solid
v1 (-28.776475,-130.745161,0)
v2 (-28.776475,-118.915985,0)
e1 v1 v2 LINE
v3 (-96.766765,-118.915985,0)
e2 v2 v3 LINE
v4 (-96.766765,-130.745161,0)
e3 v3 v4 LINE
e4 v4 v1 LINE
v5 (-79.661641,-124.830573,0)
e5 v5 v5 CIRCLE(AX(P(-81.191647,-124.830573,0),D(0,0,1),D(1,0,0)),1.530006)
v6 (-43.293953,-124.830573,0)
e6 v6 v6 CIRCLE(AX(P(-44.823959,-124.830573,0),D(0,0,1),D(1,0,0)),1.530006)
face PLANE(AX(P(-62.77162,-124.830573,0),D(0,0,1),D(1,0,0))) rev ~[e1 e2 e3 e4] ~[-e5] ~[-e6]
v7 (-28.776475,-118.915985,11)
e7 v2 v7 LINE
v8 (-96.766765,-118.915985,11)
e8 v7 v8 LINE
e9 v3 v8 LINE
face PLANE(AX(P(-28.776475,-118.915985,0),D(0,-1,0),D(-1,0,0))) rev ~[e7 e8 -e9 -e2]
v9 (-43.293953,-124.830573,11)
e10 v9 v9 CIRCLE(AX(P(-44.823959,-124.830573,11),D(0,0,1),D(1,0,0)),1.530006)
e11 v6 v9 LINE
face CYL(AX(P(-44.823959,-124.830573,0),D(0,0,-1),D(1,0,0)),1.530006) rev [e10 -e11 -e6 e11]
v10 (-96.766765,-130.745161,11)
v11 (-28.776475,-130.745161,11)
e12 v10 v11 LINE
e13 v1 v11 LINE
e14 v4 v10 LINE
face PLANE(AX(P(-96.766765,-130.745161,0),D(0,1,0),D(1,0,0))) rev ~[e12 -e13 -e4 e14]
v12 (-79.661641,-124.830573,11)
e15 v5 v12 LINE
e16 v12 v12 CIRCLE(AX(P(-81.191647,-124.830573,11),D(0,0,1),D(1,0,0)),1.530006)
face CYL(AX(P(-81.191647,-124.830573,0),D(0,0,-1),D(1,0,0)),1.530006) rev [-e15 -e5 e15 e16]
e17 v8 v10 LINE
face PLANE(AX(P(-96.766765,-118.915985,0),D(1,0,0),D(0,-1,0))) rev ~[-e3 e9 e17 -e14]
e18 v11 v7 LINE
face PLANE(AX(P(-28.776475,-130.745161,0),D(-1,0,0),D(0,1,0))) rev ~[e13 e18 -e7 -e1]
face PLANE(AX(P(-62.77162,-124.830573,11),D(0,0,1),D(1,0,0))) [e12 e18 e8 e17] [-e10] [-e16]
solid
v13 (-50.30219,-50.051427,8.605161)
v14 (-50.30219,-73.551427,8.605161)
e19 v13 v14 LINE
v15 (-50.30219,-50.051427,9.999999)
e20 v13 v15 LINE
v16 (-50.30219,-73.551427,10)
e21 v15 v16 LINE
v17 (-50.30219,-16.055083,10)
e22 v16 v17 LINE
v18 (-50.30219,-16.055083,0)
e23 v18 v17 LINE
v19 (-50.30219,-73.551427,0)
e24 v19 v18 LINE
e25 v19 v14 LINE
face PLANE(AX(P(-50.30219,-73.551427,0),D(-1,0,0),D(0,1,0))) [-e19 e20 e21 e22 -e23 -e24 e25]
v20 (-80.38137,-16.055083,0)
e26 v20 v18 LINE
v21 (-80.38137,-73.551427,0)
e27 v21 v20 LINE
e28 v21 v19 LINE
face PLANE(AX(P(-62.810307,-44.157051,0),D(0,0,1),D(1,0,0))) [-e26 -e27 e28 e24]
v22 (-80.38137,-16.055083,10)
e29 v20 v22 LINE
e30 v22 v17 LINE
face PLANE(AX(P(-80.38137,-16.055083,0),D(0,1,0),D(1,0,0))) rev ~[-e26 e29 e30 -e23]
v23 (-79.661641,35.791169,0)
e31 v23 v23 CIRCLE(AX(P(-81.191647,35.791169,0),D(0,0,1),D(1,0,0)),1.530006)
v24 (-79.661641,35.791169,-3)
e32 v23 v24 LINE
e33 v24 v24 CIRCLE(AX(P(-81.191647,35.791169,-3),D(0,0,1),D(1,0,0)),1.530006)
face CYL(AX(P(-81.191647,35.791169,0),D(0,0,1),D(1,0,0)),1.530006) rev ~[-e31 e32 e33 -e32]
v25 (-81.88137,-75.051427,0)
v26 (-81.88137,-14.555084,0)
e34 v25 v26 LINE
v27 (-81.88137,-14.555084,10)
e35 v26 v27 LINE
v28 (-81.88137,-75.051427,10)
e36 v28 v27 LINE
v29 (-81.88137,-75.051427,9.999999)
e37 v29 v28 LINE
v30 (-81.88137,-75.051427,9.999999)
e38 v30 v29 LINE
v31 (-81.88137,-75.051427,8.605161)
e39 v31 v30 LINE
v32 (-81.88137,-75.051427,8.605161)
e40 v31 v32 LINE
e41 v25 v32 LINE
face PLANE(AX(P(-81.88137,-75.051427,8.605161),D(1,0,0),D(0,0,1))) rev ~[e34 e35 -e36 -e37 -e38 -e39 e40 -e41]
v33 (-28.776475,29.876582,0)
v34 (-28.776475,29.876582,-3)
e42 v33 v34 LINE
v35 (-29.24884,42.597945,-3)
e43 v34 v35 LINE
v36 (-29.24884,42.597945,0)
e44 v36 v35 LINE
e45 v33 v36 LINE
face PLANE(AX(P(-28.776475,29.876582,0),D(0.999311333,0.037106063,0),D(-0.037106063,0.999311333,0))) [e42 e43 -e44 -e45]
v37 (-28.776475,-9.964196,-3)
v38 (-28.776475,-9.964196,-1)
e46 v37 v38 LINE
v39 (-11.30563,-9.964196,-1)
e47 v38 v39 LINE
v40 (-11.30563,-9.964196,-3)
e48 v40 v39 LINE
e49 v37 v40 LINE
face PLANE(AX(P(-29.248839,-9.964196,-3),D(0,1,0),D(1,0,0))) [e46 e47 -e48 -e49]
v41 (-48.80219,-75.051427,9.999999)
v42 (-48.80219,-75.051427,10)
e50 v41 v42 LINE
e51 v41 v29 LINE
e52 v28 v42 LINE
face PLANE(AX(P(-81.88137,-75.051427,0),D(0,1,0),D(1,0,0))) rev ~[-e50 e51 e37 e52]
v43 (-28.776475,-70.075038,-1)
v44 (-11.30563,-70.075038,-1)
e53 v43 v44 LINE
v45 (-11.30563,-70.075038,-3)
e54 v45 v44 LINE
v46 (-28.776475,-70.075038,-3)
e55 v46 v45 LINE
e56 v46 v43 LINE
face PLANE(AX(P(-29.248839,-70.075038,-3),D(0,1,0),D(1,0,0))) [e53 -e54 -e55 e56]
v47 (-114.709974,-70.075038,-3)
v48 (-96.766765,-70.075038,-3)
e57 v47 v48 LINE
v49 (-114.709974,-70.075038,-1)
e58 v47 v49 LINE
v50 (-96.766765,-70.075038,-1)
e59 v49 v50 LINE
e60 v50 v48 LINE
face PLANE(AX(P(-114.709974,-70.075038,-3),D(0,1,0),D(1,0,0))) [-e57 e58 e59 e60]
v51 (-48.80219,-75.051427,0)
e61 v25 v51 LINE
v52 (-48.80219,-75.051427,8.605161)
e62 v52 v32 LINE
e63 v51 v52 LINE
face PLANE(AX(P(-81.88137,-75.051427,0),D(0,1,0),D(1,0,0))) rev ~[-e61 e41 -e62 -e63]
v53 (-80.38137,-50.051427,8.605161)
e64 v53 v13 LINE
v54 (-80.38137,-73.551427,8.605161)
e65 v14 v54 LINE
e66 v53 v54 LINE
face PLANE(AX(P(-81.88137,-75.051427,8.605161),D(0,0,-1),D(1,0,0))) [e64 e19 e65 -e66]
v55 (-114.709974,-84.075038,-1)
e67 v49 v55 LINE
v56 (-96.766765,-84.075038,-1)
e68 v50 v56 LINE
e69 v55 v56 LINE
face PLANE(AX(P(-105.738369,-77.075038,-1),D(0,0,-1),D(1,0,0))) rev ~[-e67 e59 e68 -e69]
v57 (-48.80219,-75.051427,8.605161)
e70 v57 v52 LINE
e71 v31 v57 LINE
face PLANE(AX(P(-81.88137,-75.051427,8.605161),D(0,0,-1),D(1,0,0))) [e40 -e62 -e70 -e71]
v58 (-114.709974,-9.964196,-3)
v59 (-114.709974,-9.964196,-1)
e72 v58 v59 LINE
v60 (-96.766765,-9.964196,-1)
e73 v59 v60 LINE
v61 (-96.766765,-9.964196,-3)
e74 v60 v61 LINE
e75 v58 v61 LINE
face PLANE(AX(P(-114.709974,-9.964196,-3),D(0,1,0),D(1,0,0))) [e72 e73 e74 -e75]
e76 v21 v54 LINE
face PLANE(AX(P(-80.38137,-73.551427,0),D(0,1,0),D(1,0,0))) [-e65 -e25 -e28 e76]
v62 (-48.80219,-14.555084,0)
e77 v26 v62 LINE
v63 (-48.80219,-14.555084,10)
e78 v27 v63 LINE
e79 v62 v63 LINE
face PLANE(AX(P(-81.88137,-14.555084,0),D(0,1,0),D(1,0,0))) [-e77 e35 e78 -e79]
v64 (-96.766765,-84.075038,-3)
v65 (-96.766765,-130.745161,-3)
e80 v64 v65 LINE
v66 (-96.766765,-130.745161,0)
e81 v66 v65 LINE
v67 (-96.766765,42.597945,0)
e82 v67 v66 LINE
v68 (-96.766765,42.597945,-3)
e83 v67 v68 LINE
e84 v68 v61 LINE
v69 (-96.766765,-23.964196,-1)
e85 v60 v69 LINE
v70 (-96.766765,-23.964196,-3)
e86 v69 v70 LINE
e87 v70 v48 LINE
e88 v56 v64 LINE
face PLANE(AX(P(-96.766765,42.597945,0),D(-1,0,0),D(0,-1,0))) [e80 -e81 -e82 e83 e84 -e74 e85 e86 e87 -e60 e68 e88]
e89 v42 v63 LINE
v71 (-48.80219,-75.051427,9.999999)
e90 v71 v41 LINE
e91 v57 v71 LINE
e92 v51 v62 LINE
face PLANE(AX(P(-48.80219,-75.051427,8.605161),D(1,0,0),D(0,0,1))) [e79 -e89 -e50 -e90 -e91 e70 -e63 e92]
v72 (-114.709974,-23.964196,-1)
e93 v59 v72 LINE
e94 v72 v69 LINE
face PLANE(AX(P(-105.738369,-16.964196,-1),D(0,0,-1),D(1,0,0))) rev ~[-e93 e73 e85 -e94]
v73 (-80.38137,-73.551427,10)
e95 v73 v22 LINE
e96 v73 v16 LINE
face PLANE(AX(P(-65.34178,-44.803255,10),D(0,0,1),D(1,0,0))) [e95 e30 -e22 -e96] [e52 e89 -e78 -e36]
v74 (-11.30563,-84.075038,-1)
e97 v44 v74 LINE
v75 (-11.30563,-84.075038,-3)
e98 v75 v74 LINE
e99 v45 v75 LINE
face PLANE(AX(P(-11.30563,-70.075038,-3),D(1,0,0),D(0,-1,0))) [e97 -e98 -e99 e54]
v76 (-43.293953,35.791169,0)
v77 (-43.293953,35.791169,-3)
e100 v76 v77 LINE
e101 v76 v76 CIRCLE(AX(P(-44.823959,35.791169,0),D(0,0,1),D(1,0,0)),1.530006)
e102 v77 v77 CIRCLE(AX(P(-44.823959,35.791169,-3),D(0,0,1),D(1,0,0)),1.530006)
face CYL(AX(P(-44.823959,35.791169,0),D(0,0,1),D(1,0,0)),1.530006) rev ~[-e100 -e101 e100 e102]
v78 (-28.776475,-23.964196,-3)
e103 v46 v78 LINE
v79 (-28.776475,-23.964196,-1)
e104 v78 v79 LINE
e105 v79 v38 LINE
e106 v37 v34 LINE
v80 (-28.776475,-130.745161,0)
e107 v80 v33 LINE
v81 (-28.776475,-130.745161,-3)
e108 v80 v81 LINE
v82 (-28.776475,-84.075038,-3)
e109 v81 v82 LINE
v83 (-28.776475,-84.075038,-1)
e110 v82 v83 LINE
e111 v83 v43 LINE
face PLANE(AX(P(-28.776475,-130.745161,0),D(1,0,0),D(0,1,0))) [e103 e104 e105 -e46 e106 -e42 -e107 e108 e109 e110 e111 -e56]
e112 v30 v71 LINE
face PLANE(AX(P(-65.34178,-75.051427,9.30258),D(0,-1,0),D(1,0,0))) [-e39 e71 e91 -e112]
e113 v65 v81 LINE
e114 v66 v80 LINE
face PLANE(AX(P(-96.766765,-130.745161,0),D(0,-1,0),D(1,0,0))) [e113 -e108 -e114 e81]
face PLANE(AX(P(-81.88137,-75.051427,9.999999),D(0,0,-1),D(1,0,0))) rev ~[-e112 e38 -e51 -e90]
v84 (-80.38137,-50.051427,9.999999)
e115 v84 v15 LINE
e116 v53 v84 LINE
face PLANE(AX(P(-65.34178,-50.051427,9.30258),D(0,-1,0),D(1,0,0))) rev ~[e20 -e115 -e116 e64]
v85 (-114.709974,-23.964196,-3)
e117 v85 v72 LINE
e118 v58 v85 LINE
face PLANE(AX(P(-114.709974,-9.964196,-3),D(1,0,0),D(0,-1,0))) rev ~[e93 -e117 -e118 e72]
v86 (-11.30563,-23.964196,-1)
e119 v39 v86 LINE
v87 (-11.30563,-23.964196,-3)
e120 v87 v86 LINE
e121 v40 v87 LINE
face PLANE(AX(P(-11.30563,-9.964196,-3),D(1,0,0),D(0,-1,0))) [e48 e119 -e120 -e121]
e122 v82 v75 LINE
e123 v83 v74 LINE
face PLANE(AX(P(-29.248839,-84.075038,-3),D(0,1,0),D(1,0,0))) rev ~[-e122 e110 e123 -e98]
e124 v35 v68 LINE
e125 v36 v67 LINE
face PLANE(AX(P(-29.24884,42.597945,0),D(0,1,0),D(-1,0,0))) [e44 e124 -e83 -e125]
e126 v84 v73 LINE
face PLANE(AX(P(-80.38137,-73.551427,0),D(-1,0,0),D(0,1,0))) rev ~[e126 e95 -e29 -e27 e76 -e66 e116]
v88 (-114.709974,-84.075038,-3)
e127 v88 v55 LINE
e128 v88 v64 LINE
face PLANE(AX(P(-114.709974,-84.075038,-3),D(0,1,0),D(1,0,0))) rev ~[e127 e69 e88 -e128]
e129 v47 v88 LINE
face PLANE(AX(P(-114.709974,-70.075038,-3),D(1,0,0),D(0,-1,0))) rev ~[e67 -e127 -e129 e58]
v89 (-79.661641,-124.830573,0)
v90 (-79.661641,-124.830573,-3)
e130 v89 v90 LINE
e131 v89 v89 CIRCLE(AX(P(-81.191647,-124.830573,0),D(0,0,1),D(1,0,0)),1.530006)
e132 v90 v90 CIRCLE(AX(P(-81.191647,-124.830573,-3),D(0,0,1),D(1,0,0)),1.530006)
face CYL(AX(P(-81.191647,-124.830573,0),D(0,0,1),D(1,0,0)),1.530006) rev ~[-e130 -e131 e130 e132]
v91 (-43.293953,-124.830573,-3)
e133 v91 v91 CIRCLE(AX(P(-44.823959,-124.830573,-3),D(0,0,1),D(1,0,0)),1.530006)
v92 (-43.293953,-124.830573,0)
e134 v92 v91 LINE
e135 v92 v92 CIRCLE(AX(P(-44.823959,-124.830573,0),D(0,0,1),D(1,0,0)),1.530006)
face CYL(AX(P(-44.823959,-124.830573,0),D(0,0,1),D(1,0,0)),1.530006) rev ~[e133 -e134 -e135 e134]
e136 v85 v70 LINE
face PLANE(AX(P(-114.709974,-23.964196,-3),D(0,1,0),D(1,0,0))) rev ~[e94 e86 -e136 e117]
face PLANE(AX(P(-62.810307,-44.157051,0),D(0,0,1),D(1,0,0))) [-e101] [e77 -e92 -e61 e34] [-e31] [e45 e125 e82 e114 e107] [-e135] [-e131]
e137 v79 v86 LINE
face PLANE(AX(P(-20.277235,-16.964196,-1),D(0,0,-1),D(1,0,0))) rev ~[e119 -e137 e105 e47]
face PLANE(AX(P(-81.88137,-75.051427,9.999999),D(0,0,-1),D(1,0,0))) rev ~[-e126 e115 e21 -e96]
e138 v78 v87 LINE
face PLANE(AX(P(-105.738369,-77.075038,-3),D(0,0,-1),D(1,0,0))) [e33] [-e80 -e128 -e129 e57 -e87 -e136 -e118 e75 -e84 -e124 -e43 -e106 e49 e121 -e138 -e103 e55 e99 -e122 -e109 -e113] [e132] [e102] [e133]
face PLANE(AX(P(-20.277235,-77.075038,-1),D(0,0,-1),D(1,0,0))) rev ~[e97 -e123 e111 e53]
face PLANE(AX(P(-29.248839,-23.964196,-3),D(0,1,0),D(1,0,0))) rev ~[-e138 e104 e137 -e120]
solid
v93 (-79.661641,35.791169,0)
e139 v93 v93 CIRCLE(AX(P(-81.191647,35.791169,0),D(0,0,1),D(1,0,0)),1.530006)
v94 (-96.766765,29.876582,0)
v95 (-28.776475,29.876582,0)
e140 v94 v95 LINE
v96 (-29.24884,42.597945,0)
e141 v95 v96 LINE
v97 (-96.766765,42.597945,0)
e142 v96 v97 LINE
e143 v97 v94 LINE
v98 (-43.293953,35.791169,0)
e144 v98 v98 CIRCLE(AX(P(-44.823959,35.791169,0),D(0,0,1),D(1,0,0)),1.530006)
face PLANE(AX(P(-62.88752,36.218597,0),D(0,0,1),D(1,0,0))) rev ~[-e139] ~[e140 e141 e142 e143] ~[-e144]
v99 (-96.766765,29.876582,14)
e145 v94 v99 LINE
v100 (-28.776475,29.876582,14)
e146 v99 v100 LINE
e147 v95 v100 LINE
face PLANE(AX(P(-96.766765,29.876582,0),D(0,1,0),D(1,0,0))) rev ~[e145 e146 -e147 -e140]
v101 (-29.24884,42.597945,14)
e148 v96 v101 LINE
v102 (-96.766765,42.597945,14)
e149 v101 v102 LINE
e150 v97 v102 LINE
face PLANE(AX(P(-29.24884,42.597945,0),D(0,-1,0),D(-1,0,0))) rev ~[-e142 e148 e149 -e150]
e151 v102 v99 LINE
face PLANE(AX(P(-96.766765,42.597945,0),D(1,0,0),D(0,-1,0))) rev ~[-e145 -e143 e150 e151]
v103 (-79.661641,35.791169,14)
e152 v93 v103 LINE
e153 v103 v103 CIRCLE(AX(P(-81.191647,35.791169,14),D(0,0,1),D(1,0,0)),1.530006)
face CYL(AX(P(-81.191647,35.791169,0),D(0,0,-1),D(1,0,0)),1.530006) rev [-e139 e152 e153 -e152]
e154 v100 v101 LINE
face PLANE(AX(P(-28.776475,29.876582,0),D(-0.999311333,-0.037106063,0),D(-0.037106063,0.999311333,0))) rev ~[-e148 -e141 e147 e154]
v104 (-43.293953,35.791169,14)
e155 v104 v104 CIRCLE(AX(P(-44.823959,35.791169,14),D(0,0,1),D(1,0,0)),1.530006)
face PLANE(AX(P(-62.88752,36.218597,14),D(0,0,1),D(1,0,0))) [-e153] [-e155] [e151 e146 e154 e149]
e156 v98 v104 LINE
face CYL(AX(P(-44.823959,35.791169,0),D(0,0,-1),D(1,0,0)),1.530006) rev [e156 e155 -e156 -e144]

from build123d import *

# Parameters (mm, degrees)
F0_R      = 1.530006
F1_DEPTH  = 14
F2_DEPTH  = 11
F3_R      = 1.530006
F4_DEPTH  = 3
F5_W      = 17.943209
F5_H      = 14
F6_DEPTH  = 2
F7_W      = 33.07918
F7_H      = 60.496343
F7_W_2    = 30.07918
F7_H_2    = 57.496343
F8_DEPTH  = 10
F9_W      = 33.07918
F9_H      = 1.394839
F10_DEPTH = 25


with BuildPart() as f1:
    # F0 (on Top) → F1 (new body)
    with BuildSketch(Plane.XY):
        Polygon((-96.766765, 42.597945), (-96.766765, 29.876582), (-28.776475, 29.876582), (-29.24884, 42.597945), align=None)
        with Locations((-81.191647, 35.791169)):
            Circle(F0_R, mode=Mode.SUBTRACT)
        with Locations((-44.823959, 35.791169)):
            Circle(F0_R, mode=Mode.SUBTRACT)
    extrude(amount=F1_DEPTH)


with BuildPart() as f2:
    # F0 (on Top) → F2 (new body)
    with BuildSketch(Plane.XY):
        Polygon((-33.776475, -118.915985), (-91.766765, -118.915985), (-96.766765, -118.915985), (-96.766765, -130.745161), (-28.776475, -130.745161), (-28.776475, -118.915985), align=None)
        with Locations((-81.191647, -124.830573)):
            Circle(F0_R, mode=Mode.SUBTRACT)
        with Locations((-44.823959, -124.830573)):
            Circle(F0_R, mode=Mode.SUBTRACT)
    extrude(amount=F2_DEPTH)


with BuildPart() as f4:
    # F3 (on face) → F4 (new body)
    with BuildSketch(Plane.XY):
        Polygon((-28.776475, -118.915985), (-28.776475, 29.876582), (-29.24884, 42.597945), (-96.766765, 42.597945), (-96.766765, 29.876582), (-96.766765, -118.915985), (-96.766765, -130.745161), (-28.776475, -130.745161), align=None)
        with Locations((-81.191647, -124.830573)):
            Circle(F3_R, mode=Mode.SUBTRACT)
        with Locations((-44.823959, -124.830573)):
            Circle(F3_R, mode=Mode.SUBTRACT)
        with Locations((-81.191647, 35.791169)):
            Circle(F3_R, mode=Mode.SUBTRACT)
        with Locations((-44.823959, 35.791169)):
            Circle(F3_R, mode=Mode.SUBTRACT)
    extrude(amount=-F4_DEPTH)

    # F5 (on face) → F6 (join)
    with BuildSketch(Plane(origin=(0, 0, -3), x_dir=(1, 0, 0), z_dir=(0, 0, -1))):
        with Locations((-105.738369, 77.075038)):
            Rectangle(F5_W, F5_H)
        with Locations((-105.738369, 16.964196)):
            Rectangle(F5_W, F5_H)
        with Locations((-20.277235, 16.964196)):
            Rectangle(F5_W, F5_H)
        with Locations((-20.277235, 77.075038)):
            Rectangle(F5_W, F5_H)
    extrude(amount=-F6_DEPTH)

    # F7 (on face) → F8 (join)
    with BuildSketch(Plane.XY):
        with Locations((-65.34178, -44.803255)):
            Rectangle(F7_W, F7_H)
        with Locations((-65.34178, -44.803255)):
            Rectangle(F7_W_2, F7_H_2, mode=Mode.SUBTRACT)
    extrude(amount=F8_DEPTH)

    # F9 (on face) → F10 (join)
    with BuildSketch(Plane.XZ.offset(75.051427)):
        with Locations((-65.34178, 9.30258)):
            Rectangle(F9_W, F9_H)
    extrude(amount=-F10_DEPTH)


solid = Compound([f1.part, f2.part, f4.part])
